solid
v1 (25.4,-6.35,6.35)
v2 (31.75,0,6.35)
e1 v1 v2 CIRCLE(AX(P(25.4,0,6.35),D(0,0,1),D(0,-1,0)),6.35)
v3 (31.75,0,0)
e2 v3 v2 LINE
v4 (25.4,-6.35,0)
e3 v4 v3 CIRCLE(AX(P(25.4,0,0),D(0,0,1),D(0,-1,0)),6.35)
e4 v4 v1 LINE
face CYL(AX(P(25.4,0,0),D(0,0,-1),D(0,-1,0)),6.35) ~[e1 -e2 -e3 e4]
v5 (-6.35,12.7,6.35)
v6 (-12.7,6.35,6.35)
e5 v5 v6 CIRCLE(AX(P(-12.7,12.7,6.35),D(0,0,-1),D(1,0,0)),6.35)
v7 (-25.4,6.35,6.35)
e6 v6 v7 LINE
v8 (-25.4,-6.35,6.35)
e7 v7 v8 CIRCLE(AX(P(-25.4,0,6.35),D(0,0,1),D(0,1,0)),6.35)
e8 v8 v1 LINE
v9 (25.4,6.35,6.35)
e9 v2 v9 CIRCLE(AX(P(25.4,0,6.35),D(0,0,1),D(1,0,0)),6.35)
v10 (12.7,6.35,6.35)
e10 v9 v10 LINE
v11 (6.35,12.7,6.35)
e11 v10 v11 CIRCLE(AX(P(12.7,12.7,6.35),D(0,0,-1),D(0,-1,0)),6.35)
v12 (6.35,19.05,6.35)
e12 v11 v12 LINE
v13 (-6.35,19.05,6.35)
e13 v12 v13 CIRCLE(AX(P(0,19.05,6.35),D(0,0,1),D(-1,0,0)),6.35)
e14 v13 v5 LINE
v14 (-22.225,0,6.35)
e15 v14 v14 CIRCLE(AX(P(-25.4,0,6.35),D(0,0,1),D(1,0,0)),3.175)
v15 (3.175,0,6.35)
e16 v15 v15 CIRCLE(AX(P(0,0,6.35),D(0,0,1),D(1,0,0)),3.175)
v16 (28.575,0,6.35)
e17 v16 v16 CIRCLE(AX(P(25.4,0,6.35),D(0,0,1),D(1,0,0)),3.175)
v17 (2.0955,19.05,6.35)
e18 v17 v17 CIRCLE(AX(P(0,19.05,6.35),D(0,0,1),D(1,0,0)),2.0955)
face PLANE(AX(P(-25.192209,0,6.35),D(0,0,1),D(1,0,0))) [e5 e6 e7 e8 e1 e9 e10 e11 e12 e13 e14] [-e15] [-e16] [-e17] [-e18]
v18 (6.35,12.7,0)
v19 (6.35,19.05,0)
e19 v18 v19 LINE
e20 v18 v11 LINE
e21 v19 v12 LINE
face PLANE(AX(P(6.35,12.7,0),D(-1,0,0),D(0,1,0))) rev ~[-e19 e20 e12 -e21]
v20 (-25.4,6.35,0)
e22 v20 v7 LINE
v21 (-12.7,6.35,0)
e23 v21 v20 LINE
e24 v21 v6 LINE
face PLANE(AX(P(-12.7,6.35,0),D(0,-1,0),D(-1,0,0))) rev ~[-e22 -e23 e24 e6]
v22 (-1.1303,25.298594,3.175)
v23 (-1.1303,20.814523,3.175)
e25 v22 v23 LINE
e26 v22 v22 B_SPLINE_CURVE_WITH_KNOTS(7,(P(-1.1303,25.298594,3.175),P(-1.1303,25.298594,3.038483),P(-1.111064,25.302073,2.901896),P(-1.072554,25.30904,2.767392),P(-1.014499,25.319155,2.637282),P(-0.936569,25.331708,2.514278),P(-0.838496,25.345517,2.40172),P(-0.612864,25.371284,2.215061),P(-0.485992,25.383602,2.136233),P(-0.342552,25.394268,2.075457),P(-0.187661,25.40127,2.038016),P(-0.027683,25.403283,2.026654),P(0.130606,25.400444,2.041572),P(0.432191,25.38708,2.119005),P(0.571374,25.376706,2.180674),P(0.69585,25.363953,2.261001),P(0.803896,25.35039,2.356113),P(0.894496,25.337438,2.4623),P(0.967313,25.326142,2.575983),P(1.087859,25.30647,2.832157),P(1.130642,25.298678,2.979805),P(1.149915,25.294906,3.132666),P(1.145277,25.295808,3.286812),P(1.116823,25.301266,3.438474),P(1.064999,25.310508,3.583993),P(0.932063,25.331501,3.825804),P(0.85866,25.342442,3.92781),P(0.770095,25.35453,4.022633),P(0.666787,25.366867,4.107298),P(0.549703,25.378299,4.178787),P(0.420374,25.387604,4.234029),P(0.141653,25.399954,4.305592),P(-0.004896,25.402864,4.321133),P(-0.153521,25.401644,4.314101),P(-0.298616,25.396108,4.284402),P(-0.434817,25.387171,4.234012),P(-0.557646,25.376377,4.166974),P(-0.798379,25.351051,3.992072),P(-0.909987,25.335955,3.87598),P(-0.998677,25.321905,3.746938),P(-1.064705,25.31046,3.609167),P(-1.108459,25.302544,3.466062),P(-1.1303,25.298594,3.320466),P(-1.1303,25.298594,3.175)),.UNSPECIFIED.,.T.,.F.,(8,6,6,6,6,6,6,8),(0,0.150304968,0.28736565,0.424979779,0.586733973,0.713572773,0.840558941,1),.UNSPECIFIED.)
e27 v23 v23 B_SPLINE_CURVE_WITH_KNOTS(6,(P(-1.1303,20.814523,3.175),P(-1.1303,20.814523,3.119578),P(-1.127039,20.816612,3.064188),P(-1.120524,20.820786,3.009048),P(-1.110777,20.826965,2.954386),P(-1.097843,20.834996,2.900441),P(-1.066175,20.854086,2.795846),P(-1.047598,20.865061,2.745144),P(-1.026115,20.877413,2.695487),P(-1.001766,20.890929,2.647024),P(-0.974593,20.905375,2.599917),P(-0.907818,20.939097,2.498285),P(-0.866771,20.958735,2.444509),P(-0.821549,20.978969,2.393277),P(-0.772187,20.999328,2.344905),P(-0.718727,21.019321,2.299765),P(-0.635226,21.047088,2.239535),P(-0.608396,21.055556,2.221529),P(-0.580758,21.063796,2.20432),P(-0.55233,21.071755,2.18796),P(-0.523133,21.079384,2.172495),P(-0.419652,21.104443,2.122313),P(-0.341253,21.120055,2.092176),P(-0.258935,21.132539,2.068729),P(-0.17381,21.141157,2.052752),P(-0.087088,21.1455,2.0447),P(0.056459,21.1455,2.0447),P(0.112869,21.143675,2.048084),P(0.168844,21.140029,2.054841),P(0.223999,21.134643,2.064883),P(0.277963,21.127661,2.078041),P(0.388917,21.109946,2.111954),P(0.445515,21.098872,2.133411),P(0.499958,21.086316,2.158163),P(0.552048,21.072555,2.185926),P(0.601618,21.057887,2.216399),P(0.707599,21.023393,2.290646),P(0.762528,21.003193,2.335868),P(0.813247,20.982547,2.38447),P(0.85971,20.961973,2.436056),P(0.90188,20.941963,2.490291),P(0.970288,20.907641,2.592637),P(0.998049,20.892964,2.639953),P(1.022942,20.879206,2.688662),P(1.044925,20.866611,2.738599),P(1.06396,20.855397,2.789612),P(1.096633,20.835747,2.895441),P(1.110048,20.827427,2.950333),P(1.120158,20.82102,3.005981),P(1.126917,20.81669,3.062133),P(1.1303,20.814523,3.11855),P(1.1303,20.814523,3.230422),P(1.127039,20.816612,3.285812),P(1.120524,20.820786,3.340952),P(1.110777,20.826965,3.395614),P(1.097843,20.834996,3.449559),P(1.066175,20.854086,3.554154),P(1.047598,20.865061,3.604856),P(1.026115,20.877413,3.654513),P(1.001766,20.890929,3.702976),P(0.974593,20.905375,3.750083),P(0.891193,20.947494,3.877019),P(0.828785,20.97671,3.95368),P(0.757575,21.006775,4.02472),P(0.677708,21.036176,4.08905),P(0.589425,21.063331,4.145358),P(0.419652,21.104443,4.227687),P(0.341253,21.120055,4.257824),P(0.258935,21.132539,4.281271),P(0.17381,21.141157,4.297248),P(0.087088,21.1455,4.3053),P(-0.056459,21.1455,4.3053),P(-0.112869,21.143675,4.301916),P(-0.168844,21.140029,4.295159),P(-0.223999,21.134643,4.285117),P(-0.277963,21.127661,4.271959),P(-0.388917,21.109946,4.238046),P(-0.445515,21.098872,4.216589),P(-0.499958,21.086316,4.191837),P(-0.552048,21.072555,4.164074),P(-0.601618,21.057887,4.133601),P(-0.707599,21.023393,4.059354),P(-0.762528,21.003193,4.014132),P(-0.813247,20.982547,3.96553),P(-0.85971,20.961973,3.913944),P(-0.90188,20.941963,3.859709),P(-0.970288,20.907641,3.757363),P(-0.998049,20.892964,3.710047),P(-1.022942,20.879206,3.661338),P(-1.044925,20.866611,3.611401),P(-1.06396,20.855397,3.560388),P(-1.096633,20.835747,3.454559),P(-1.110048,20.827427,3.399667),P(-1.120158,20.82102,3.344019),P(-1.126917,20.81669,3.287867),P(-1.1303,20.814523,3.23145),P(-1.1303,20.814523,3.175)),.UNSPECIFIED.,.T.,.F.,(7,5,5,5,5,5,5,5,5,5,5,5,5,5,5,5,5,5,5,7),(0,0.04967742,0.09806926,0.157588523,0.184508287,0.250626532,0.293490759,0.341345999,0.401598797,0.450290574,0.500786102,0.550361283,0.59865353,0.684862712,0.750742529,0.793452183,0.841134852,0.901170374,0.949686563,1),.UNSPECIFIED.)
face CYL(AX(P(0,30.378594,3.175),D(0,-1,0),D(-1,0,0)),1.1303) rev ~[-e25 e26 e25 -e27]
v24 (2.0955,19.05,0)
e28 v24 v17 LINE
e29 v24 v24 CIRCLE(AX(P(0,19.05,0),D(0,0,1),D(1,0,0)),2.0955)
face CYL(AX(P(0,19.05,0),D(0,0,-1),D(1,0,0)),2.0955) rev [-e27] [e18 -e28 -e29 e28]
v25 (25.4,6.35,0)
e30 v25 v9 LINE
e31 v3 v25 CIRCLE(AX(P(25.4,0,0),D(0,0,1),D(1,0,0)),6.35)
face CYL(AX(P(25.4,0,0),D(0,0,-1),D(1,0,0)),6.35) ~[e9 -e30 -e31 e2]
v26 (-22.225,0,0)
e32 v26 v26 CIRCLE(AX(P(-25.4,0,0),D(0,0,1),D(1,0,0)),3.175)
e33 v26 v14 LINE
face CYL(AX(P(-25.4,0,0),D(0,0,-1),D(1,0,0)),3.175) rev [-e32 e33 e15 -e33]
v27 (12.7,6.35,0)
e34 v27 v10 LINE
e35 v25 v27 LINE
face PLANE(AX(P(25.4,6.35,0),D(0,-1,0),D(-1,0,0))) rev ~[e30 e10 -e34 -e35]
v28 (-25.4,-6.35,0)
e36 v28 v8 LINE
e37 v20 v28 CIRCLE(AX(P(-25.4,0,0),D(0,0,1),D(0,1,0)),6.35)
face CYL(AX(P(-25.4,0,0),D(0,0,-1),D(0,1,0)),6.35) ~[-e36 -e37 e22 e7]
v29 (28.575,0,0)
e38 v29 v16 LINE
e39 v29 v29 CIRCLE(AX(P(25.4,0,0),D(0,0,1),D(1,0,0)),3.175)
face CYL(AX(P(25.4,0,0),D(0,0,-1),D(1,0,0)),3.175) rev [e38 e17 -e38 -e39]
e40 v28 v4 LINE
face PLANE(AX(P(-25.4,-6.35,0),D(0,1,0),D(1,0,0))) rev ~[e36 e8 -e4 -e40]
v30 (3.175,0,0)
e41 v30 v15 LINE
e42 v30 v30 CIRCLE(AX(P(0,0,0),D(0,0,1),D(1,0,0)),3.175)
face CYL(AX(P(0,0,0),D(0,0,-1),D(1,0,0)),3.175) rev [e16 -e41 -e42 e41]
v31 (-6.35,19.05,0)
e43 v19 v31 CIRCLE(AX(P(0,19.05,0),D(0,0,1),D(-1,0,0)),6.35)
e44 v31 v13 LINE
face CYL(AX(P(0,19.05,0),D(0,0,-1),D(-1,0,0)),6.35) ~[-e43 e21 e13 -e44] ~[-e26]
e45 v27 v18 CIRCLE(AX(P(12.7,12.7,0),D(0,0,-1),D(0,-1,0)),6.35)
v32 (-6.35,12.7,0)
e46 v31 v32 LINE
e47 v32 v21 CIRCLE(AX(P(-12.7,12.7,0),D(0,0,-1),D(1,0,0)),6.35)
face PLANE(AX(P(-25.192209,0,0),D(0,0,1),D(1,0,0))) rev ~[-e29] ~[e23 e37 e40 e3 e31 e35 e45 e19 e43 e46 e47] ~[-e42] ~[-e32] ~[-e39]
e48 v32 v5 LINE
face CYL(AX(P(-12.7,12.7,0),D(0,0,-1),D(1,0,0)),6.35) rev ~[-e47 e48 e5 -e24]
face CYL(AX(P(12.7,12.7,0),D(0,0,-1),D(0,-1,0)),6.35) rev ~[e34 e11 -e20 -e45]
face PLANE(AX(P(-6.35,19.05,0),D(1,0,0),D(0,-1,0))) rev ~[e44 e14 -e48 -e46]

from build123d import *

# Parameters (mm, degrees)
F0_R     = 3.175
F0_R_2   = 2.0955
F1_DEPTH = 6.35
F5_D     = 2.2606
F5_DEPTH = 5.08
F5_START = 0.1014065
F5_TIP   = 0.6791527577


with BuildPart() as f1:
    # F0 (on Top) → F1 (new body)
    with BuildSketch(Plane.XY):
        with BuildLine():
            ThreePointArc((-25.4, -6.35), (-20.9098719395, -4.4901280605), (-19.05, 0))
            ThreePointArc((-19.05, 0), (-20.9098719395, 4.4901280605), (-25.4, 6.35))
            ThreePointArc((-25.4, 6.35), (-31.75, 0), (-25.4, -6.35))
        make_face()
        with Locations((-25.4, 0)):
            Circle(F0_R, mode=Mode.SUBTRACT)
        with BuildLine():
            ThreePointArc((-25.4, 6.35), (-20.9098719395, 4.4901280605), (-19.05, 0))
            ThreePointArc((-19.05, 0), (-20.9098719395, -4.4901280605), (-25.4, -6.35))
            Line((-25.4, -6.35), (25.4, -6.35))
            ThreePointArc((25.4, -6.35), (19.05, 0), (25.4, 6.35))
            Line((25.4, 6.35), (12.7, 6.35))
            ThreePointArc((12.7, 6.35), (8.2098719395, 8.2098719395), (6.35, 12.7))
            Line((6.35, 12.7), (6.35, 19.05))
            ThreePointArc((6.35, 19.05), (0, 12.7), (-6.35, 19.05))
            Line((-6.35, 19.05), (-6.35, 12.7))
            ThreePointArc((-6.35, 12.7), (-8.2098719395, 8.2098719395), (-12.7, 6.35))
            Line((-12.7, 6.35), (-25.4, 6.35))
        make_face()
        Circle(F0_R, mode=Mode.SUBTRACT)
        with BuildLine():
            ThreePointArc((25.4, 6.35), (19.05, 0), (25.4, -6.35))
            ThreePointArc((25.4, -6.35), (29.8901280605, -4.4901280605), (31.75, 0))
            ThreePointArc((31.75, 0), (29.8901280605, 4.4901280605), (25.4, 6.35))
        make_face()
        with Locations((25.4, 0)):
            Circle(F0_R, mode=Mode.SUBTRACT)
        with BuildLine():
            ThreePointArc((6.35, 19.05), (0, 25.4), (-6.35, 19.05))
            ThreePointArc((-6.35, 19.05), (0, 12.7), (6.35, 19.05))
        make_face()
        with Locations((0, 19.05)):
            Circle(F0_R_2, mode=Mode.SUBTRACT)
    extrude(amount=F1_DEPTH)

    # F5
    # its depths count from where the whole tool has entered the part; down to there all is cleared
    with Locations(Plane(origin=(0, 25.4, 0), x_dir=(1, 0, 0), z_dir=(0, 1, 0)).offset(-F5_START)):
        with Locations((0, -3.175)):
            Hole(F5_D / 2, depth=F5_DEPTH)
            with Locations((0, 0, -(F5_DEPTH + F5_TIP / 2))):  # 118° drill point
                Cone(0, F5_D / 2, F5_TIP, mode=Mode.SUBTRACT)


solid = f1.part
